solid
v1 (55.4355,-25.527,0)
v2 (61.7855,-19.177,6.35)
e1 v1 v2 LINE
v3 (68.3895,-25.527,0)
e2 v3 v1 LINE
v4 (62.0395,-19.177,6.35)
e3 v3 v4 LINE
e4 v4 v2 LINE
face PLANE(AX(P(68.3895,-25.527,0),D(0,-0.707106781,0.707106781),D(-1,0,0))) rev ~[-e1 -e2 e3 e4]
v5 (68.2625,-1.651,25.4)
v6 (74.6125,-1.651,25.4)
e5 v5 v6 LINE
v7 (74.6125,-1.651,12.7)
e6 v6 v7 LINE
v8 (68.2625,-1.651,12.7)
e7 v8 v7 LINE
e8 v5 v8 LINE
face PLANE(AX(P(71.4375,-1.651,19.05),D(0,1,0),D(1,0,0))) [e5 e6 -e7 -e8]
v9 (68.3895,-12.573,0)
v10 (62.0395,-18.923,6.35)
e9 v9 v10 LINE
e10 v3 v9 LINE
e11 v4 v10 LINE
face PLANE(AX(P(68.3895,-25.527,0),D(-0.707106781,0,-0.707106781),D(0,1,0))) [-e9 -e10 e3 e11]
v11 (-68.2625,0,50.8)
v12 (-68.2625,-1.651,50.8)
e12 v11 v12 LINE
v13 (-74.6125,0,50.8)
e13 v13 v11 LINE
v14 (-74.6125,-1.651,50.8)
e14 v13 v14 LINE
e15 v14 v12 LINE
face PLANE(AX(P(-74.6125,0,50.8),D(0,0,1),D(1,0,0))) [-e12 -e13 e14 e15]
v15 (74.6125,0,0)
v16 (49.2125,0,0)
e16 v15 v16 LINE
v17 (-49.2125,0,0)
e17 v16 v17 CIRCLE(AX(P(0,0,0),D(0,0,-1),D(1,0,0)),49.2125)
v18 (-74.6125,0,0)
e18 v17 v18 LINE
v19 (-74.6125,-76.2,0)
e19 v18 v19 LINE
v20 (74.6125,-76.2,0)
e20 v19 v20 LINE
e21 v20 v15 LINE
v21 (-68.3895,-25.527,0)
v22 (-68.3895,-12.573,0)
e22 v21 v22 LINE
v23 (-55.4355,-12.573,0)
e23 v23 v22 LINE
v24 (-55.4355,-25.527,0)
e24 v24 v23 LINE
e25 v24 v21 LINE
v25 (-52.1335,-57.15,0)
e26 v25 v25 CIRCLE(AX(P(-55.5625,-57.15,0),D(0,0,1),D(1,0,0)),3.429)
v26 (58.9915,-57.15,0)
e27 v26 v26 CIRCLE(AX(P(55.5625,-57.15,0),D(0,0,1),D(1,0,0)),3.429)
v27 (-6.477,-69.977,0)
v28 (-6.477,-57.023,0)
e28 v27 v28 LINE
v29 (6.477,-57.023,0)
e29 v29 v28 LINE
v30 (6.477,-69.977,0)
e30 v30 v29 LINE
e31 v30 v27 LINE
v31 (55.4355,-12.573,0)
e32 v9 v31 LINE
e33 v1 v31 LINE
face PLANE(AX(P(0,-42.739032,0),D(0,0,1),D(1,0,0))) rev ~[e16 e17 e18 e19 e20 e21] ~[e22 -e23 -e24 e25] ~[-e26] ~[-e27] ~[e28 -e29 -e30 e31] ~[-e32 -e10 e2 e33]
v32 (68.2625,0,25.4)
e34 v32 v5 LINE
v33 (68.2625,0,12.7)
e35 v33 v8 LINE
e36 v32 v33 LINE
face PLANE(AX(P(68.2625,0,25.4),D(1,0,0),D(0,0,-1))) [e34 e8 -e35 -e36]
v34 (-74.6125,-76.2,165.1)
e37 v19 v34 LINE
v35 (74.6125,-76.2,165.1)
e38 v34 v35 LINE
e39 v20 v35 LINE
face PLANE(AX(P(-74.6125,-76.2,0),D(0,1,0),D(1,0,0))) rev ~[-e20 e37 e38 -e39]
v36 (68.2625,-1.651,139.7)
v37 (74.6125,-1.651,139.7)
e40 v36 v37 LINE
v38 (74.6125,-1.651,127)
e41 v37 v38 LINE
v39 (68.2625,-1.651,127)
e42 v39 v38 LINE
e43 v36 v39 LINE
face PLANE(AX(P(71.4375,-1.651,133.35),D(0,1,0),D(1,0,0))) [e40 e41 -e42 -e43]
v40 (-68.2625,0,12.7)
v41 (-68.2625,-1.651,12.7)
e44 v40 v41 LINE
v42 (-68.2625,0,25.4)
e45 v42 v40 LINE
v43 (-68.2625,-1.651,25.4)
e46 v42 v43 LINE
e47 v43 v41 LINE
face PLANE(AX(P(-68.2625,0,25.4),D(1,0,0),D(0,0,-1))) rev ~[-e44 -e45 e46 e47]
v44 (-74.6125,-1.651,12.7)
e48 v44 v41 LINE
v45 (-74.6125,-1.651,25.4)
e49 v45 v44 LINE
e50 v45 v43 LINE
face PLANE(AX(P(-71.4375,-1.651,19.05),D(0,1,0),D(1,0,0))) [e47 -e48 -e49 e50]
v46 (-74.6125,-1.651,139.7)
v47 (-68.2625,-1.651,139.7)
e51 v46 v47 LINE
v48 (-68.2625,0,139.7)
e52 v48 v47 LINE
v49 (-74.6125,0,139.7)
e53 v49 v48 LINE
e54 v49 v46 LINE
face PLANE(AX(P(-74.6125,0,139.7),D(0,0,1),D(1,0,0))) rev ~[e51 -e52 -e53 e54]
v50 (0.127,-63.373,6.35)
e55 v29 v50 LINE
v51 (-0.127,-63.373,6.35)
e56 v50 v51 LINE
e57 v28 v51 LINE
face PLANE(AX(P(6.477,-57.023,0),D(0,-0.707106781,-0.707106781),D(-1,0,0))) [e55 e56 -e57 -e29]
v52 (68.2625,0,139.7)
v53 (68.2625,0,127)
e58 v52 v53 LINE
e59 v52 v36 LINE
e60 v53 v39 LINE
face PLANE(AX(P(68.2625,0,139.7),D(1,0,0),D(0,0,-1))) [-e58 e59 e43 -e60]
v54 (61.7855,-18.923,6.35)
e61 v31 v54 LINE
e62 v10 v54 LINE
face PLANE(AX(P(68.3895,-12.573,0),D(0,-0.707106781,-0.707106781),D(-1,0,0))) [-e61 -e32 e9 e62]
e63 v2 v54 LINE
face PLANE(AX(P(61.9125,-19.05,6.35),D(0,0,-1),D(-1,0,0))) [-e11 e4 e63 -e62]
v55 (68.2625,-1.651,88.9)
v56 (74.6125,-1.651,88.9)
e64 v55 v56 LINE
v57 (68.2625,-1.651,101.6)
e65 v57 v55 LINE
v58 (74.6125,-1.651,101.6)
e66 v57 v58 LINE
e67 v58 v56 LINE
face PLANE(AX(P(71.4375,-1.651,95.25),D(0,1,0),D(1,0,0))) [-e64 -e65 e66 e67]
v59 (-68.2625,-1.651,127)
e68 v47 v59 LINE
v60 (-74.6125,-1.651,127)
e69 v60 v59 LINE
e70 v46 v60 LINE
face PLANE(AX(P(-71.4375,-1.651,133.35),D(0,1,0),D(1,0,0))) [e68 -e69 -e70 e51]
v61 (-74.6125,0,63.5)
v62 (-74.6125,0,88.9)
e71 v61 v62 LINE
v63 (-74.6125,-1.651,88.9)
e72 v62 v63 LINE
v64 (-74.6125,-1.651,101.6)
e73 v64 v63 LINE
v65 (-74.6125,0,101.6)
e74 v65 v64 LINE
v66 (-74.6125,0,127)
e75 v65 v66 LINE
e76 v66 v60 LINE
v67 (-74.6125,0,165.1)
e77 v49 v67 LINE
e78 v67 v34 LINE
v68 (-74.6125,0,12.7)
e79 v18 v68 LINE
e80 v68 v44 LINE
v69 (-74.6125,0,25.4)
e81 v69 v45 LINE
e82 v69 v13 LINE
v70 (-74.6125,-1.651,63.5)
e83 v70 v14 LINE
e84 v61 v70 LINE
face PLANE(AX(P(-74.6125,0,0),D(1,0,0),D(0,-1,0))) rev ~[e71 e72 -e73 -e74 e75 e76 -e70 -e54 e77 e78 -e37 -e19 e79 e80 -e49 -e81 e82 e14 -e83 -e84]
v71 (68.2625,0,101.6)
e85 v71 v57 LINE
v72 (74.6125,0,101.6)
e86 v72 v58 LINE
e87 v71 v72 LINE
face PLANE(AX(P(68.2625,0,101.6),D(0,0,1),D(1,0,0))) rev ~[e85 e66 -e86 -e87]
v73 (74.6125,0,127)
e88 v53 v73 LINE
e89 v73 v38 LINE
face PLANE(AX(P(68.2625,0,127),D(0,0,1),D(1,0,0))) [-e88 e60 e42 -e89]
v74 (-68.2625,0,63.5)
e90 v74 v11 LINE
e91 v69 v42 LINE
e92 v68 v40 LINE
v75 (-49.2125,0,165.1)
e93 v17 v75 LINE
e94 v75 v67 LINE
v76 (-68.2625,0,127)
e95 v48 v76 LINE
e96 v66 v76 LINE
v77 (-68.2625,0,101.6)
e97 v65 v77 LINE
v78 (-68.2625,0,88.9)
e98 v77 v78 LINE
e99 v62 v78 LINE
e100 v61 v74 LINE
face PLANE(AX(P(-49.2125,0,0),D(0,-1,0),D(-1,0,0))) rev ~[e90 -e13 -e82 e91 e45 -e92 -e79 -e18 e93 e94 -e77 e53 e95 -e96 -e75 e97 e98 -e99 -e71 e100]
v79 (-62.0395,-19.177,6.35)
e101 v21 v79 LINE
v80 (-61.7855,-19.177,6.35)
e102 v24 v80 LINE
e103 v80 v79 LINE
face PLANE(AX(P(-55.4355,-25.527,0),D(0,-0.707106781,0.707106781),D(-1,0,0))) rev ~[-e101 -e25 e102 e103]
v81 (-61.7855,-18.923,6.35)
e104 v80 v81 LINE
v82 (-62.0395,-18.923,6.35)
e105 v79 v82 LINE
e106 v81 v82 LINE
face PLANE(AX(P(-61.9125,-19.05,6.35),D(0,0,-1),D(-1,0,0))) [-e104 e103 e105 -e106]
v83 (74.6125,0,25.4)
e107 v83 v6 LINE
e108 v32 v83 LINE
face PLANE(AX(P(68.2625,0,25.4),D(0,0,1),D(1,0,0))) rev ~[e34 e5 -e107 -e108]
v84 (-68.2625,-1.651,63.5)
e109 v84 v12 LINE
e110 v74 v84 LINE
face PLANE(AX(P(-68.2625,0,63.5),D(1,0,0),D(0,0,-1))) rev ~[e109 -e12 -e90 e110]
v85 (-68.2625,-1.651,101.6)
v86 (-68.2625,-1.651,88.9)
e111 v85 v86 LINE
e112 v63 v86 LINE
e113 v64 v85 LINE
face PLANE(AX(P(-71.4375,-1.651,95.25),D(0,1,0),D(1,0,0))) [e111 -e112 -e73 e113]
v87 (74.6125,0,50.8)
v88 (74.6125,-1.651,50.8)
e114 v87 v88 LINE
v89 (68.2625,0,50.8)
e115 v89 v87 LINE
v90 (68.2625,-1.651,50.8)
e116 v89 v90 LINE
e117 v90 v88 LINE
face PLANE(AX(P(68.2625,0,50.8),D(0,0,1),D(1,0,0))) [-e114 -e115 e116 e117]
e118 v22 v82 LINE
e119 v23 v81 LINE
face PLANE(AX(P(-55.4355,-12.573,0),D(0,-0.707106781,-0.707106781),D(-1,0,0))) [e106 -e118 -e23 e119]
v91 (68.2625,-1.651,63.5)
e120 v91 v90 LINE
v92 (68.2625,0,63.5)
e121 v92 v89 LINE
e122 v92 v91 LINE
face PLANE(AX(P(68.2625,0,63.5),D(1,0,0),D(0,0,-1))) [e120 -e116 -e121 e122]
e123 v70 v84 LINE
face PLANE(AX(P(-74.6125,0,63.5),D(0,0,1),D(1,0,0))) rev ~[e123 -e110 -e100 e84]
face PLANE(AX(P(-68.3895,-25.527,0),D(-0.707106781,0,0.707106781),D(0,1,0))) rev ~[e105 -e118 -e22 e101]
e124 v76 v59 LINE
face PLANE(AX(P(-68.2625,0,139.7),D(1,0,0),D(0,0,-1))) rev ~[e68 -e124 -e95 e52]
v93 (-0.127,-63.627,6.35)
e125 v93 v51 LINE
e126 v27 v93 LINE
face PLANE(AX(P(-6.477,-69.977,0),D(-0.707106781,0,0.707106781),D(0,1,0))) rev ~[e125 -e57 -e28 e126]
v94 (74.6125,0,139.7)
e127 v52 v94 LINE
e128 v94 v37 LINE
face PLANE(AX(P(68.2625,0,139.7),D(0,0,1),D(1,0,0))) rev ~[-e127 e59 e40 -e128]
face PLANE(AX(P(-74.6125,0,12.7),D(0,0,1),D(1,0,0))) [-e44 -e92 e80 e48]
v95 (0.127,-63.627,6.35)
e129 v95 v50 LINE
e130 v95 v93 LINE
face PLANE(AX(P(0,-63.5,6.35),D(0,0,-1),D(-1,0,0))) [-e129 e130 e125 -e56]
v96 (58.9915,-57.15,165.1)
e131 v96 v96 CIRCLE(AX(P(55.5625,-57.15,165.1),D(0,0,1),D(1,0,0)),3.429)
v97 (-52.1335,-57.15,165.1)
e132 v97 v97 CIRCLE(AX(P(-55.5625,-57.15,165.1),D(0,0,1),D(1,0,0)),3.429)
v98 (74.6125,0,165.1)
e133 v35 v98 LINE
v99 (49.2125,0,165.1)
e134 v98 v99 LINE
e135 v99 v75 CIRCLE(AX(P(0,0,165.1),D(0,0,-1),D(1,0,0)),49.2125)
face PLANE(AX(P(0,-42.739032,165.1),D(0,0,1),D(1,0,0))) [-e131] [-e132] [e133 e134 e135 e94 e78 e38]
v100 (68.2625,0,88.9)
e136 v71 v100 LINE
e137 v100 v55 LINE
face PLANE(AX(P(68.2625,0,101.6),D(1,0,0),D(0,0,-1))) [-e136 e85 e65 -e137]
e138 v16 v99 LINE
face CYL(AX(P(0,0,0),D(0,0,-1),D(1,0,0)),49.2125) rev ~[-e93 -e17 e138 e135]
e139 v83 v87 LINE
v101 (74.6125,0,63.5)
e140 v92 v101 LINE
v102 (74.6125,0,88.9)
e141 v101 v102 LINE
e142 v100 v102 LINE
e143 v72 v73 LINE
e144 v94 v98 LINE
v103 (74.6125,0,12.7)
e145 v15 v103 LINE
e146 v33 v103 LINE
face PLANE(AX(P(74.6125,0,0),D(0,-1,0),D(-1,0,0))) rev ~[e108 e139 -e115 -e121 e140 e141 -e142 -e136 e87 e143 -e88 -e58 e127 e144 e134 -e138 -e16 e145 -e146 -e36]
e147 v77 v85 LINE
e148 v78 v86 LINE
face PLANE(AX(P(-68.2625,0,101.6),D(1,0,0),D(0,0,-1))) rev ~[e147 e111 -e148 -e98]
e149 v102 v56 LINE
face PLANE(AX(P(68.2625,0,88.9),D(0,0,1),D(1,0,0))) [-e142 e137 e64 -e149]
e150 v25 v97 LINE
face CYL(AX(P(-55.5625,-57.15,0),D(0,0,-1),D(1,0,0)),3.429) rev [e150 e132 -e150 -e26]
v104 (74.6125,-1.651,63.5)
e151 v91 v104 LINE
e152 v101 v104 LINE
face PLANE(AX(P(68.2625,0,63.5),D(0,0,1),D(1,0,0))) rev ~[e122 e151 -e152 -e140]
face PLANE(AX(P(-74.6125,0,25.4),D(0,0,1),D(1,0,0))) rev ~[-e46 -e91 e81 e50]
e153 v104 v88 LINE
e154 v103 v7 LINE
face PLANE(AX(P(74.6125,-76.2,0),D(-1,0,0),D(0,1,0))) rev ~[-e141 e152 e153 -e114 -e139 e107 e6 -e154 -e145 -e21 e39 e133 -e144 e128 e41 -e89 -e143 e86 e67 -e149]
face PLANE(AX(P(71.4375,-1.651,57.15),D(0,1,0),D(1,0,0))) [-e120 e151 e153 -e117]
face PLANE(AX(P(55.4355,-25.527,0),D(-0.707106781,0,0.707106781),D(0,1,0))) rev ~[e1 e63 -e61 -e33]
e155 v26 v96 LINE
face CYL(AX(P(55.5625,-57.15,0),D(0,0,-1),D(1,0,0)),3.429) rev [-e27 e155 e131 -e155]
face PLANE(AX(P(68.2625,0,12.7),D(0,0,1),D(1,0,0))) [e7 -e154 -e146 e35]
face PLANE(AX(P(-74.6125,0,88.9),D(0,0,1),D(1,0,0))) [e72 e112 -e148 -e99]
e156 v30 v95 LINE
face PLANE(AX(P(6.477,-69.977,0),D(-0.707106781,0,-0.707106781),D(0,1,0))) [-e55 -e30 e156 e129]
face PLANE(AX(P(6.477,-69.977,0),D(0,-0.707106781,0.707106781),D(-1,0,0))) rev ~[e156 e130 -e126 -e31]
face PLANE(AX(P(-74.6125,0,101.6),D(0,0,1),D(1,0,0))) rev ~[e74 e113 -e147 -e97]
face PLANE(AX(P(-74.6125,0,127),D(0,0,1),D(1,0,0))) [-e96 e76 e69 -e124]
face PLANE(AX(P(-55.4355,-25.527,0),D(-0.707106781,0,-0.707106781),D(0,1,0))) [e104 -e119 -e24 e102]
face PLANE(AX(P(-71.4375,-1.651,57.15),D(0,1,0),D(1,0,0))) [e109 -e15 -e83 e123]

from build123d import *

# Parameters (mm, degrees)
SKETCH1_R                    = 3.429
BOSS_EXTRUDE1_DEPTH          = 165.1
SKETCH2_W                    = 12.954
SKETCH2_H                    = 12.954
CUT_EXTRUDE1_DEPTH           = 6.35
CUT_EXTRUDE1_DRAFT           = -45
CUT_EXTRUDE1_PROFILE_2_DEPTH = 6.35
CUT_EXTRUDE1_PROFILE_2_DRAFT = -45
CUT_EXTRUDE1_PROFILE_3_DEPTH = 6.35
CUT_EXTRUDE1_PROFILE_3_DRAFT = -45
SKETCH3_W                    = 6.35
SKETCH3_H                    = 12.7
CUT_EXTRUDE2_DEPTH           = 1.651


with BuildPart() as part:
    # Sketch1 → Boss-Extrude1 (new body)
    with BuildSketch(Plane.XY):
        with BuildLine():
            Line((-49.2125, 0), (-74.6125, 0))
            Line((-74.6125, 0), (-74.6125, -76.2))
            Line((-74.6125, -76.2), (74.6125, -76.2))
            Line((74.6125, -76.2), (74.6125, 0))
            Line((74.6125, 0), (49.2125, 0))
            ThreePointArc((49.2125, 0), (0, -49.2125), (-49.2125, 0))
        make_face()
        with Locations((-55.5625, -57.15)):
            Circle(SKETCH1_R, mode=Mode.SUBTRACT)
        with Locations((55.5625, -57.15)):
            Circle(SKETCH1_R, mode=Mode.SUBTRACT)
    extrude(amount=BOSS_EXTRUDE1_DEPTH)


with BuildPart() as cut_extrude1_tool:
    # Sketch2 → Cut-Extrude1 (with draft: the straight prism first)
    with BuildSketch(Plane(origin=(0, 0, 0), x_dir=(-1, 0, 0), z_dir=(0, 0, -1))):
        with Locations((-61.9125, -19.05)):
            Rectangle(SKETCH2_W, SKETCH2_H)
    extrude(amount=-CUT_EXTRUDE1_DEPTH)
    # Cut-Extrude1: the draft: its side faces are tilted about the plane it starts from
    cut_extrude1_sides = [cut_extrude1_tool.faces().sort_by_distance(p)[0] for p in [
        (68.3895, -19.05, 3.175),
        (61.9125, -25.527, 3.175),
        (55.4355, -19.05, 3.175),
        (61.9125, -12.573, 3.175),
    ]]
    draft(cut_extrude1_sides, Plane(origin=(0, 0, 0), x_dir=(-1, 0, 0), z_dir=(0, 0, -1)), CUT_EXTRUDE1_DRAFT)


with BuildPart() as part_1:
    add(part.part)

    # Cut-Extrude1: cut by cut_extrude1_tool
    add(cut_extrude1_tool.part, mode=Mode.SUBTRACT)


with BuildPart() as cut_extrude1_profile_2_tool:
    # Sketch2 → Cut-Extrude1 profile 2 (with draft: the straight prism first)
    with BuildSketch(Plane(origin=(0, 0, 0), x_dir=(-1, 0, 0), z_dir=(0, 0, -1))):
        with Locations((0, -63.5)):
            Rectangle(SKETCH2_W, SKETCH2_H)
    extrude(amount=-CUT_EXTRUDE1_PROFILE_2_DEPTH)
    # Cut-Extrude1 profile 2: the draft: its side faces are tilted about the plane it starts from
    cut_extrude1_profile_2_sides = [cut_extrude1_profile_2_tool.faces().sort_by_distance(p)[0] for p in [
        (6.477, -63.5, 3.175),
        (0, -69.977, 3.175),
        (-6.477, -63.5, 3.175),
        (0, -57.023, 3.175),
    ]]
    draft(cut_extrude1_profile_2_sides, Plane(origin=(0, 0, 0), x_dir=(-1, 0, 0), z_dir=(0, 0, -1)), CUT_EXTRUDE1_PROFILE_2_DRAFT)


with BuildPart() as part_2:
    add(part_1.part)

    # Cut-Extrude1 profile 2: cut by cut_extrude1_profile_2_tool
    add(cut_extrude1_profile_2_tool.part, mode=Mode.SUBTRACT)


with BuildPart() as cut_extrude1_profile_3_tool:
    # Sketch2 → Cut-Extrude1 profile 3 (with draft: the straight prism first)
    with BuildSketch(Plane(origin=(0, 0, 0), x_dir=(-1, 0, 0), z_dir=(0, 0, -1))):
        with Locations((61.9125, -19.05)):
            Rectangle(SKETCH2_W, SKETCH2_H)
    extrude(amount=-CUT_EXTRUDE1_PROFILE_3_DEPTH)
    # Cut-Extrude1 profile 3: the draft: its side faces are tilted about the plane it starts from
    cut_extrude1_profile_3_sides = [cut_extrude1_profile_3_tool.faces().sort_by_distance(p)[0] for p in [
        (-55.4355, -19.05, 3.175),
        (-61.9125, -25.527, 3.175),
        (-68.3895, -19.05, 3.175),
        (-61.9125, -12.573, 3.175),
    ]]
    draft(cut_extrude1_profile_3_sides, Plane(origin=(0, 0, 0), x_dir=(-1, 0, 0), z_dir=(0, 0, -1)), CUT_EXTRUDE1_PROFILE_3_DRAFT)


with BuildPart() as part_3:
    add(part_2.part)

    # Cut-Extrude1 profile 3: cut by cut_extrude1_profile_3_tool
    add(cut_extrude1_profile_3_tool.part, mode=Mode.SUBTRACT)

    # Sketch3 → Cut-Extrude2 (cut)
    with BuildSketch(Plane(origin=(0, 0, 0), x_dir=(1, 0, 0), z_dir=(0, 1, 0))):
        with Locations((71.4375, -19.05)):
            Rectangle(SKETCH3_W, SKETCH3_H)
        with Locations((71.4375, -57.15)):
            Rectangle(SKETCH3_W, SKETCH3_H)
        with Locations((71.4375, -95.25)):
            Rectangle(SKETCH3_W, SKETCH3_H)
        with Locations((71.4375, -133.35)):
            Rectangle(SKETCH3_W, SKETCH3_H)
        with Locations((-71.4375, -57.15)):
            Rectangle(SKETCH3_W, SKETCH3_H)
        with Locations((-71.4375, -95.25)):
            Rectangle(SKETCH3_W, SKETCH3_H)
        with Locations((-71.4375, -133.35)):
            Rectangle(SKETCH3_W, SKETCH3_H)
        with Locations((-71.4375, -19.05)):
            Rectangle(SKETCH3_W, SKETCH3_H)
    extrude(amount=-CUT_EXTRUDE2_DEPTH, mode=Mode.SUBTRACT)


solid = part_3.part
